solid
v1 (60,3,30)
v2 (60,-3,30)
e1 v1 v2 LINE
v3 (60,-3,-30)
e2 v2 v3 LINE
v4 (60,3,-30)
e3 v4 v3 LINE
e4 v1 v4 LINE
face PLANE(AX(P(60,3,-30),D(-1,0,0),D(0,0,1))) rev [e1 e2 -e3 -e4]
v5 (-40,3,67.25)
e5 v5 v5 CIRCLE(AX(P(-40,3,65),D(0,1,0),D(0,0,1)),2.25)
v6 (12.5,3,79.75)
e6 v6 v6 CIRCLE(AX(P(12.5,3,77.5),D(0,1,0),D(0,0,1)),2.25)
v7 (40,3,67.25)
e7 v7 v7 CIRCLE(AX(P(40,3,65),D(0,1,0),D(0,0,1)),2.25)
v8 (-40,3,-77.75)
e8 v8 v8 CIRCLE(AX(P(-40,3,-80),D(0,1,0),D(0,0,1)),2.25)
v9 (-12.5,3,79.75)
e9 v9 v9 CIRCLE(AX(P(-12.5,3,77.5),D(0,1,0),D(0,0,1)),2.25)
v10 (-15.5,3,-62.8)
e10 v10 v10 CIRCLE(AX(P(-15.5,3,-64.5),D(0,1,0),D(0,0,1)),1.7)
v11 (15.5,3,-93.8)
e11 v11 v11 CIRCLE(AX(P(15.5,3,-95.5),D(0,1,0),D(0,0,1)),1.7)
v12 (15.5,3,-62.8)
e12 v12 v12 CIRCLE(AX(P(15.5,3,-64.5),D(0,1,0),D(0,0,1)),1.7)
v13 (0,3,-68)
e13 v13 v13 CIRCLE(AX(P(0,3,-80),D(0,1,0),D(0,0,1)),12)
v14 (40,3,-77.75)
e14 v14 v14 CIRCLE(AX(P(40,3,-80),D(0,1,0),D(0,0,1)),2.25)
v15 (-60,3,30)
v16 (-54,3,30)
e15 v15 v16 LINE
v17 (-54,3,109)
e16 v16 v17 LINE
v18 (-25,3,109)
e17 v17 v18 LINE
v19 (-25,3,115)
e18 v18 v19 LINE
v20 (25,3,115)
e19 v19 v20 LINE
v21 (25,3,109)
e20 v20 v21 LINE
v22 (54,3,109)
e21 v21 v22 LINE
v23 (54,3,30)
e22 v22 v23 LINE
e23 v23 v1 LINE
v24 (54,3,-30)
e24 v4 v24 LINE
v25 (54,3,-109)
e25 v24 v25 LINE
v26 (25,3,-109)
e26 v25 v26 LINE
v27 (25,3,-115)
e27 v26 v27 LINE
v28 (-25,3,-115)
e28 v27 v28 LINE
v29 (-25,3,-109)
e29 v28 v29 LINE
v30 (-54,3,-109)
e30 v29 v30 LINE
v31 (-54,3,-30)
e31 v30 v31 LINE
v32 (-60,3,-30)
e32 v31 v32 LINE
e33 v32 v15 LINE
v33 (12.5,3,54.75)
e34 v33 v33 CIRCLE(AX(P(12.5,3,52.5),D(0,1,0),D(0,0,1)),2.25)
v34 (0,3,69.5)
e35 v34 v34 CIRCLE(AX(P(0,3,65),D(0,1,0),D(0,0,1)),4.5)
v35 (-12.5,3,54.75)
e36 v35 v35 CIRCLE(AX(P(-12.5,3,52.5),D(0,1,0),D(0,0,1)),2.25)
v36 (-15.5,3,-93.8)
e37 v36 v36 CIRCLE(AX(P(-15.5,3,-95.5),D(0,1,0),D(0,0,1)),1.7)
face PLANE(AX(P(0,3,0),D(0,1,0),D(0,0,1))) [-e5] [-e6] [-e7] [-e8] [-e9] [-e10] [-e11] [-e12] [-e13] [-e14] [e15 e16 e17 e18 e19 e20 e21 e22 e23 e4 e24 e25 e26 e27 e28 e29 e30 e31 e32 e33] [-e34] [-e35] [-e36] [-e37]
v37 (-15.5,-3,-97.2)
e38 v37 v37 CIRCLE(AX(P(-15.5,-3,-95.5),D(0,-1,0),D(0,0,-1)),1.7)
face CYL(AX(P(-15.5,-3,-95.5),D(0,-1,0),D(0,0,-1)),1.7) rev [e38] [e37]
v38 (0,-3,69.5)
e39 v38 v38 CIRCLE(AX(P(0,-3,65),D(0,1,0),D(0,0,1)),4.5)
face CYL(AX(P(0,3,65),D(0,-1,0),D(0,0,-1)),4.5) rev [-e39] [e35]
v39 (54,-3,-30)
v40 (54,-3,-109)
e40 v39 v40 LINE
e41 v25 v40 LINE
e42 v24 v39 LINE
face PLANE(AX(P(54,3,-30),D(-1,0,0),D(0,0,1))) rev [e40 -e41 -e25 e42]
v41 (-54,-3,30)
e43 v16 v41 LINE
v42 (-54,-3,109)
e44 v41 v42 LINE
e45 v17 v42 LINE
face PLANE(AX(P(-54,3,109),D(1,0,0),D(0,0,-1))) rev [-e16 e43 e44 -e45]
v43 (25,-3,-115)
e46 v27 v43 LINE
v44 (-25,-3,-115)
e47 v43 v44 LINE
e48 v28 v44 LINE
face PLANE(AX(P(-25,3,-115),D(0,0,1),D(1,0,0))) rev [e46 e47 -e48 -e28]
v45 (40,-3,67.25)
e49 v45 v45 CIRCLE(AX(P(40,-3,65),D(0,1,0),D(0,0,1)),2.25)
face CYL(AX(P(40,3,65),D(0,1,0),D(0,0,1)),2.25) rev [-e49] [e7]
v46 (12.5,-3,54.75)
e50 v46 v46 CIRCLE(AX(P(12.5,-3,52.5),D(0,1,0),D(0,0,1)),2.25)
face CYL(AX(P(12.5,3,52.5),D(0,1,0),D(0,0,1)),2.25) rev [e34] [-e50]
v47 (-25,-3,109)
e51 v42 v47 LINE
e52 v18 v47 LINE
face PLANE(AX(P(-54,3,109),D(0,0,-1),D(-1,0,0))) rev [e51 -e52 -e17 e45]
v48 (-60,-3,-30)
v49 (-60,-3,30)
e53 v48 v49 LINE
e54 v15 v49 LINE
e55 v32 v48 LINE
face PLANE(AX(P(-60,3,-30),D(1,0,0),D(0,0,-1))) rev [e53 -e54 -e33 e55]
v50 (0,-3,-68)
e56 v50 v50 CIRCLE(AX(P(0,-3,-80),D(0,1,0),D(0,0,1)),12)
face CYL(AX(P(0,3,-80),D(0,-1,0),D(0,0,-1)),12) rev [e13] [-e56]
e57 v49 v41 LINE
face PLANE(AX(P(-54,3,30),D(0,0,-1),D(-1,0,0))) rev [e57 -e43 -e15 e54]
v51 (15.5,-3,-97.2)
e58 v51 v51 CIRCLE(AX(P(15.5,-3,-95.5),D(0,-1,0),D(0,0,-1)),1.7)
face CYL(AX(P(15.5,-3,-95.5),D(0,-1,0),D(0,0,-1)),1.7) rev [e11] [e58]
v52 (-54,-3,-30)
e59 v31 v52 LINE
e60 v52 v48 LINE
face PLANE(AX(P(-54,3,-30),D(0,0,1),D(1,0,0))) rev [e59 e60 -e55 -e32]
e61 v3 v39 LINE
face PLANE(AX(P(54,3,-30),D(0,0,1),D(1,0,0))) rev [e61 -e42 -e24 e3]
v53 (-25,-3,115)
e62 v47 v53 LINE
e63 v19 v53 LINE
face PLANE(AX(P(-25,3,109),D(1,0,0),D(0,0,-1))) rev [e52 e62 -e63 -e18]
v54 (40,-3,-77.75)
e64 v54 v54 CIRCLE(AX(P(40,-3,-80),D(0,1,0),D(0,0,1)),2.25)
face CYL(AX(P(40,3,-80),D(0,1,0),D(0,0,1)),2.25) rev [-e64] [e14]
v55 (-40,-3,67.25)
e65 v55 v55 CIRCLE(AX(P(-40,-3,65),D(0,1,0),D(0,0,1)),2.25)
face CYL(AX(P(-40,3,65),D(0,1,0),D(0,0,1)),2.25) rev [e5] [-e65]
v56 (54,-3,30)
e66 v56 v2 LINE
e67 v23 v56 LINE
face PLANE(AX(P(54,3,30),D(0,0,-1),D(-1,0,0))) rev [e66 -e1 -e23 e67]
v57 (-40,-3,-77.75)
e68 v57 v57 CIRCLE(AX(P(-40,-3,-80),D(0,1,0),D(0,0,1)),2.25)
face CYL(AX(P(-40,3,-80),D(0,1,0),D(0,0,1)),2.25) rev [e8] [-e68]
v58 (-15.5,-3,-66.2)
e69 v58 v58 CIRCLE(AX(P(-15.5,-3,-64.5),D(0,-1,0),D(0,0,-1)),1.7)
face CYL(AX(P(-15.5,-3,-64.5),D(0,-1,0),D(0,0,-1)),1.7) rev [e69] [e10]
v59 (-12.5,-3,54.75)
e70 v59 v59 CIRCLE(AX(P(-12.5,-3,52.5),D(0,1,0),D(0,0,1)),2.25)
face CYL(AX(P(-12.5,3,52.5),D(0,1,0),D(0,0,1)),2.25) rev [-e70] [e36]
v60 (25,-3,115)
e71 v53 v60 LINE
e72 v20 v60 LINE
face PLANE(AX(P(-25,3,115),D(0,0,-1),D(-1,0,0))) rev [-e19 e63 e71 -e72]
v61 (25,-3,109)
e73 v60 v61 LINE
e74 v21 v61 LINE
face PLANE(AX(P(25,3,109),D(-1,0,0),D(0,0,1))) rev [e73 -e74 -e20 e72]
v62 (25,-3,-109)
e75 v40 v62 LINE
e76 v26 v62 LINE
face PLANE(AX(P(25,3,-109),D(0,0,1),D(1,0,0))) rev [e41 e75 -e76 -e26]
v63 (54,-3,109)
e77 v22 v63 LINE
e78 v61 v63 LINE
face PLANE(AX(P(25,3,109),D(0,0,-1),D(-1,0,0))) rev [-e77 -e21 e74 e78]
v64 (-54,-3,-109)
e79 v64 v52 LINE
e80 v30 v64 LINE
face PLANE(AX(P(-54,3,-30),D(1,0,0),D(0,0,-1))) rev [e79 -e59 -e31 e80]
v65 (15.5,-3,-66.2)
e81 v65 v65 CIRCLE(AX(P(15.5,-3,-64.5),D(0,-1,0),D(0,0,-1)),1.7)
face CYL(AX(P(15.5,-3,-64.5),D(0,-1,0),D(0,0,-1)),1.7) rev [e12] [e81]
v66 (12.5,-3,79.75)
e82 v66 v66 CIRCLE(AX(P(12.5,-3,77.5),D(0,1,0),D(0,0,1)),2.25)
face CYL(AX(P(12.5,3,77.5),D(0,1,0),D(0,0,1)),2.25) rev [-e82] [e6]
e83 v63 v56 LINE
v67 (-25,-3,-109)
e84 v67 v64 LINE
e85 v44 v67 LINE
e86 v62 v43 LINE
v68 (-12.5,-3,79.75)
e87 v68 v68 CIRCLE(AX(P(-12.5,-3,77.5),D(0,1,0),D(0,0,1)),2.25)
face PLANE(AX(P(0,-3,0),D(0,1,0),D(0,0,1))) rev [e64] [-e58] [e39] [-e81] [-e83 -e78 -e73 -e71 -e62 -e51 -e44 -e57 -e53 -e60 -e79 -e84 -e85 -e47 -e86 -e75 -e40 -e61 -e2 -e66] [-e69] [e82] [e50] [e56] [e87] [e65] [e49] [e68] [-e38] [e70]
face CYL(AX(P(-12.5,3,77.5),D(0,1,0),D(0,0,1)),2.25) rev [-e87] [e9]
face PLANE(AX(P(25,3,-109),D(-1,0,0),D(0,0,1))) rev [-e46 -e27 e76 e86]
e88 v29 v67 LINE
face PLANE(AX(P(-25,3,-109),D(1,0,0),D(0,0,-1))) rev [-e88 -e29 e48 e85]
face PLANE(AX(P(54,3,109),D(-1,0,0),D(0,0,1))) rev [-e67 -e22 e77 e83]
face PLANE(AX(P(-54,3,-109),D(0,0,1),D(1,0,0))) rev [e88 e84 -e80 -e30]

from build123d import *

# Parameters (mm, degrees)
CROQUIS1_R                   = 4.5
CROQUIS1_R_2                 = 12
SALIENTE_EXTRUIR1_DEPTH      = 3
TALADRO_DE_MARGEN_PARA_M41_D = 4.5
TALADRO_DE_MARGEN_PARA_M42_D = 4.5
TALADRO_DE_MARGEN_PARA_M32_D = 3.4


with BuildPart() as part:
    # Croquis1 → Saliente-Extruir1 (new, symmetric)
    with BuildSketch(Plane(origin=(0, 0, 0), x_dir=(1, 0, 0), z_dir=(0, 1, 0))):
        Polygon((-54, -109), (-25, -109), (-25, -115), (25, -115), (25, -109), (54, -109), (54, -30), (60, -30), (60, 30), (54, 30), (54, 109), (25, 109), (25, 115), (-25, 115), (-25, 109), (-54, 109), (-54, 30), (-60, 30), (-60, -30), (-54, -30), align=None)
        with Locations(Location((0, -65, 0), (0, 0, 270))):
            Circle(CROQUIS1_R, mode=Mode.SUBTRACT)
        with Locations(Location((0, 80, 0), (0, 0, 270))):
            Circle(CROQUIS1_R_2, mode=Mode.SUBTRACT)
    extrude(amount=SALIENTE_EXTRUIR1_DEPTH, both=True)

    # Taladro de margen para M41 (through all)
    with Locations(Plane(origin=(0, 3, 0), x_dir=(1, 0, 0), z_dir=(0, 1, 0))):
        with Locations((-12.5, -77.5), (-12.5, -52.5), (12.5, -52.5), (12.5, -77.5)):
            Hole(TALADRO_DE_MARGEN_PARA_M41_D / 2)

    # Taladro de margen para M42 (through all)
    with Locations(Plane(origin=(0, 3, 0), x_dir=(1, 0, 0), z_dir=(0, 1, 0))):
        with Locations((-40, 80), (-40, -65), (40, -65), (40, 80)):
            Hole(TALADRO_DE_MARGEN_PARA_M42_D / 2)

    # Taladro de margen para M32 (through all)
    with Locations(Plane(origin=(0, -3, 0), x_dir=(-1, 0, 0), z_dir=(0, -1, 0))):
        with Locations((-15.5, 64.5), (-15.5, 95.5), (15.5, 95.5), (15.5, 64.5)):
            Hole(TALADRO_DE_MARGEN_PARA_M32_D / 2)


solid = part.part
